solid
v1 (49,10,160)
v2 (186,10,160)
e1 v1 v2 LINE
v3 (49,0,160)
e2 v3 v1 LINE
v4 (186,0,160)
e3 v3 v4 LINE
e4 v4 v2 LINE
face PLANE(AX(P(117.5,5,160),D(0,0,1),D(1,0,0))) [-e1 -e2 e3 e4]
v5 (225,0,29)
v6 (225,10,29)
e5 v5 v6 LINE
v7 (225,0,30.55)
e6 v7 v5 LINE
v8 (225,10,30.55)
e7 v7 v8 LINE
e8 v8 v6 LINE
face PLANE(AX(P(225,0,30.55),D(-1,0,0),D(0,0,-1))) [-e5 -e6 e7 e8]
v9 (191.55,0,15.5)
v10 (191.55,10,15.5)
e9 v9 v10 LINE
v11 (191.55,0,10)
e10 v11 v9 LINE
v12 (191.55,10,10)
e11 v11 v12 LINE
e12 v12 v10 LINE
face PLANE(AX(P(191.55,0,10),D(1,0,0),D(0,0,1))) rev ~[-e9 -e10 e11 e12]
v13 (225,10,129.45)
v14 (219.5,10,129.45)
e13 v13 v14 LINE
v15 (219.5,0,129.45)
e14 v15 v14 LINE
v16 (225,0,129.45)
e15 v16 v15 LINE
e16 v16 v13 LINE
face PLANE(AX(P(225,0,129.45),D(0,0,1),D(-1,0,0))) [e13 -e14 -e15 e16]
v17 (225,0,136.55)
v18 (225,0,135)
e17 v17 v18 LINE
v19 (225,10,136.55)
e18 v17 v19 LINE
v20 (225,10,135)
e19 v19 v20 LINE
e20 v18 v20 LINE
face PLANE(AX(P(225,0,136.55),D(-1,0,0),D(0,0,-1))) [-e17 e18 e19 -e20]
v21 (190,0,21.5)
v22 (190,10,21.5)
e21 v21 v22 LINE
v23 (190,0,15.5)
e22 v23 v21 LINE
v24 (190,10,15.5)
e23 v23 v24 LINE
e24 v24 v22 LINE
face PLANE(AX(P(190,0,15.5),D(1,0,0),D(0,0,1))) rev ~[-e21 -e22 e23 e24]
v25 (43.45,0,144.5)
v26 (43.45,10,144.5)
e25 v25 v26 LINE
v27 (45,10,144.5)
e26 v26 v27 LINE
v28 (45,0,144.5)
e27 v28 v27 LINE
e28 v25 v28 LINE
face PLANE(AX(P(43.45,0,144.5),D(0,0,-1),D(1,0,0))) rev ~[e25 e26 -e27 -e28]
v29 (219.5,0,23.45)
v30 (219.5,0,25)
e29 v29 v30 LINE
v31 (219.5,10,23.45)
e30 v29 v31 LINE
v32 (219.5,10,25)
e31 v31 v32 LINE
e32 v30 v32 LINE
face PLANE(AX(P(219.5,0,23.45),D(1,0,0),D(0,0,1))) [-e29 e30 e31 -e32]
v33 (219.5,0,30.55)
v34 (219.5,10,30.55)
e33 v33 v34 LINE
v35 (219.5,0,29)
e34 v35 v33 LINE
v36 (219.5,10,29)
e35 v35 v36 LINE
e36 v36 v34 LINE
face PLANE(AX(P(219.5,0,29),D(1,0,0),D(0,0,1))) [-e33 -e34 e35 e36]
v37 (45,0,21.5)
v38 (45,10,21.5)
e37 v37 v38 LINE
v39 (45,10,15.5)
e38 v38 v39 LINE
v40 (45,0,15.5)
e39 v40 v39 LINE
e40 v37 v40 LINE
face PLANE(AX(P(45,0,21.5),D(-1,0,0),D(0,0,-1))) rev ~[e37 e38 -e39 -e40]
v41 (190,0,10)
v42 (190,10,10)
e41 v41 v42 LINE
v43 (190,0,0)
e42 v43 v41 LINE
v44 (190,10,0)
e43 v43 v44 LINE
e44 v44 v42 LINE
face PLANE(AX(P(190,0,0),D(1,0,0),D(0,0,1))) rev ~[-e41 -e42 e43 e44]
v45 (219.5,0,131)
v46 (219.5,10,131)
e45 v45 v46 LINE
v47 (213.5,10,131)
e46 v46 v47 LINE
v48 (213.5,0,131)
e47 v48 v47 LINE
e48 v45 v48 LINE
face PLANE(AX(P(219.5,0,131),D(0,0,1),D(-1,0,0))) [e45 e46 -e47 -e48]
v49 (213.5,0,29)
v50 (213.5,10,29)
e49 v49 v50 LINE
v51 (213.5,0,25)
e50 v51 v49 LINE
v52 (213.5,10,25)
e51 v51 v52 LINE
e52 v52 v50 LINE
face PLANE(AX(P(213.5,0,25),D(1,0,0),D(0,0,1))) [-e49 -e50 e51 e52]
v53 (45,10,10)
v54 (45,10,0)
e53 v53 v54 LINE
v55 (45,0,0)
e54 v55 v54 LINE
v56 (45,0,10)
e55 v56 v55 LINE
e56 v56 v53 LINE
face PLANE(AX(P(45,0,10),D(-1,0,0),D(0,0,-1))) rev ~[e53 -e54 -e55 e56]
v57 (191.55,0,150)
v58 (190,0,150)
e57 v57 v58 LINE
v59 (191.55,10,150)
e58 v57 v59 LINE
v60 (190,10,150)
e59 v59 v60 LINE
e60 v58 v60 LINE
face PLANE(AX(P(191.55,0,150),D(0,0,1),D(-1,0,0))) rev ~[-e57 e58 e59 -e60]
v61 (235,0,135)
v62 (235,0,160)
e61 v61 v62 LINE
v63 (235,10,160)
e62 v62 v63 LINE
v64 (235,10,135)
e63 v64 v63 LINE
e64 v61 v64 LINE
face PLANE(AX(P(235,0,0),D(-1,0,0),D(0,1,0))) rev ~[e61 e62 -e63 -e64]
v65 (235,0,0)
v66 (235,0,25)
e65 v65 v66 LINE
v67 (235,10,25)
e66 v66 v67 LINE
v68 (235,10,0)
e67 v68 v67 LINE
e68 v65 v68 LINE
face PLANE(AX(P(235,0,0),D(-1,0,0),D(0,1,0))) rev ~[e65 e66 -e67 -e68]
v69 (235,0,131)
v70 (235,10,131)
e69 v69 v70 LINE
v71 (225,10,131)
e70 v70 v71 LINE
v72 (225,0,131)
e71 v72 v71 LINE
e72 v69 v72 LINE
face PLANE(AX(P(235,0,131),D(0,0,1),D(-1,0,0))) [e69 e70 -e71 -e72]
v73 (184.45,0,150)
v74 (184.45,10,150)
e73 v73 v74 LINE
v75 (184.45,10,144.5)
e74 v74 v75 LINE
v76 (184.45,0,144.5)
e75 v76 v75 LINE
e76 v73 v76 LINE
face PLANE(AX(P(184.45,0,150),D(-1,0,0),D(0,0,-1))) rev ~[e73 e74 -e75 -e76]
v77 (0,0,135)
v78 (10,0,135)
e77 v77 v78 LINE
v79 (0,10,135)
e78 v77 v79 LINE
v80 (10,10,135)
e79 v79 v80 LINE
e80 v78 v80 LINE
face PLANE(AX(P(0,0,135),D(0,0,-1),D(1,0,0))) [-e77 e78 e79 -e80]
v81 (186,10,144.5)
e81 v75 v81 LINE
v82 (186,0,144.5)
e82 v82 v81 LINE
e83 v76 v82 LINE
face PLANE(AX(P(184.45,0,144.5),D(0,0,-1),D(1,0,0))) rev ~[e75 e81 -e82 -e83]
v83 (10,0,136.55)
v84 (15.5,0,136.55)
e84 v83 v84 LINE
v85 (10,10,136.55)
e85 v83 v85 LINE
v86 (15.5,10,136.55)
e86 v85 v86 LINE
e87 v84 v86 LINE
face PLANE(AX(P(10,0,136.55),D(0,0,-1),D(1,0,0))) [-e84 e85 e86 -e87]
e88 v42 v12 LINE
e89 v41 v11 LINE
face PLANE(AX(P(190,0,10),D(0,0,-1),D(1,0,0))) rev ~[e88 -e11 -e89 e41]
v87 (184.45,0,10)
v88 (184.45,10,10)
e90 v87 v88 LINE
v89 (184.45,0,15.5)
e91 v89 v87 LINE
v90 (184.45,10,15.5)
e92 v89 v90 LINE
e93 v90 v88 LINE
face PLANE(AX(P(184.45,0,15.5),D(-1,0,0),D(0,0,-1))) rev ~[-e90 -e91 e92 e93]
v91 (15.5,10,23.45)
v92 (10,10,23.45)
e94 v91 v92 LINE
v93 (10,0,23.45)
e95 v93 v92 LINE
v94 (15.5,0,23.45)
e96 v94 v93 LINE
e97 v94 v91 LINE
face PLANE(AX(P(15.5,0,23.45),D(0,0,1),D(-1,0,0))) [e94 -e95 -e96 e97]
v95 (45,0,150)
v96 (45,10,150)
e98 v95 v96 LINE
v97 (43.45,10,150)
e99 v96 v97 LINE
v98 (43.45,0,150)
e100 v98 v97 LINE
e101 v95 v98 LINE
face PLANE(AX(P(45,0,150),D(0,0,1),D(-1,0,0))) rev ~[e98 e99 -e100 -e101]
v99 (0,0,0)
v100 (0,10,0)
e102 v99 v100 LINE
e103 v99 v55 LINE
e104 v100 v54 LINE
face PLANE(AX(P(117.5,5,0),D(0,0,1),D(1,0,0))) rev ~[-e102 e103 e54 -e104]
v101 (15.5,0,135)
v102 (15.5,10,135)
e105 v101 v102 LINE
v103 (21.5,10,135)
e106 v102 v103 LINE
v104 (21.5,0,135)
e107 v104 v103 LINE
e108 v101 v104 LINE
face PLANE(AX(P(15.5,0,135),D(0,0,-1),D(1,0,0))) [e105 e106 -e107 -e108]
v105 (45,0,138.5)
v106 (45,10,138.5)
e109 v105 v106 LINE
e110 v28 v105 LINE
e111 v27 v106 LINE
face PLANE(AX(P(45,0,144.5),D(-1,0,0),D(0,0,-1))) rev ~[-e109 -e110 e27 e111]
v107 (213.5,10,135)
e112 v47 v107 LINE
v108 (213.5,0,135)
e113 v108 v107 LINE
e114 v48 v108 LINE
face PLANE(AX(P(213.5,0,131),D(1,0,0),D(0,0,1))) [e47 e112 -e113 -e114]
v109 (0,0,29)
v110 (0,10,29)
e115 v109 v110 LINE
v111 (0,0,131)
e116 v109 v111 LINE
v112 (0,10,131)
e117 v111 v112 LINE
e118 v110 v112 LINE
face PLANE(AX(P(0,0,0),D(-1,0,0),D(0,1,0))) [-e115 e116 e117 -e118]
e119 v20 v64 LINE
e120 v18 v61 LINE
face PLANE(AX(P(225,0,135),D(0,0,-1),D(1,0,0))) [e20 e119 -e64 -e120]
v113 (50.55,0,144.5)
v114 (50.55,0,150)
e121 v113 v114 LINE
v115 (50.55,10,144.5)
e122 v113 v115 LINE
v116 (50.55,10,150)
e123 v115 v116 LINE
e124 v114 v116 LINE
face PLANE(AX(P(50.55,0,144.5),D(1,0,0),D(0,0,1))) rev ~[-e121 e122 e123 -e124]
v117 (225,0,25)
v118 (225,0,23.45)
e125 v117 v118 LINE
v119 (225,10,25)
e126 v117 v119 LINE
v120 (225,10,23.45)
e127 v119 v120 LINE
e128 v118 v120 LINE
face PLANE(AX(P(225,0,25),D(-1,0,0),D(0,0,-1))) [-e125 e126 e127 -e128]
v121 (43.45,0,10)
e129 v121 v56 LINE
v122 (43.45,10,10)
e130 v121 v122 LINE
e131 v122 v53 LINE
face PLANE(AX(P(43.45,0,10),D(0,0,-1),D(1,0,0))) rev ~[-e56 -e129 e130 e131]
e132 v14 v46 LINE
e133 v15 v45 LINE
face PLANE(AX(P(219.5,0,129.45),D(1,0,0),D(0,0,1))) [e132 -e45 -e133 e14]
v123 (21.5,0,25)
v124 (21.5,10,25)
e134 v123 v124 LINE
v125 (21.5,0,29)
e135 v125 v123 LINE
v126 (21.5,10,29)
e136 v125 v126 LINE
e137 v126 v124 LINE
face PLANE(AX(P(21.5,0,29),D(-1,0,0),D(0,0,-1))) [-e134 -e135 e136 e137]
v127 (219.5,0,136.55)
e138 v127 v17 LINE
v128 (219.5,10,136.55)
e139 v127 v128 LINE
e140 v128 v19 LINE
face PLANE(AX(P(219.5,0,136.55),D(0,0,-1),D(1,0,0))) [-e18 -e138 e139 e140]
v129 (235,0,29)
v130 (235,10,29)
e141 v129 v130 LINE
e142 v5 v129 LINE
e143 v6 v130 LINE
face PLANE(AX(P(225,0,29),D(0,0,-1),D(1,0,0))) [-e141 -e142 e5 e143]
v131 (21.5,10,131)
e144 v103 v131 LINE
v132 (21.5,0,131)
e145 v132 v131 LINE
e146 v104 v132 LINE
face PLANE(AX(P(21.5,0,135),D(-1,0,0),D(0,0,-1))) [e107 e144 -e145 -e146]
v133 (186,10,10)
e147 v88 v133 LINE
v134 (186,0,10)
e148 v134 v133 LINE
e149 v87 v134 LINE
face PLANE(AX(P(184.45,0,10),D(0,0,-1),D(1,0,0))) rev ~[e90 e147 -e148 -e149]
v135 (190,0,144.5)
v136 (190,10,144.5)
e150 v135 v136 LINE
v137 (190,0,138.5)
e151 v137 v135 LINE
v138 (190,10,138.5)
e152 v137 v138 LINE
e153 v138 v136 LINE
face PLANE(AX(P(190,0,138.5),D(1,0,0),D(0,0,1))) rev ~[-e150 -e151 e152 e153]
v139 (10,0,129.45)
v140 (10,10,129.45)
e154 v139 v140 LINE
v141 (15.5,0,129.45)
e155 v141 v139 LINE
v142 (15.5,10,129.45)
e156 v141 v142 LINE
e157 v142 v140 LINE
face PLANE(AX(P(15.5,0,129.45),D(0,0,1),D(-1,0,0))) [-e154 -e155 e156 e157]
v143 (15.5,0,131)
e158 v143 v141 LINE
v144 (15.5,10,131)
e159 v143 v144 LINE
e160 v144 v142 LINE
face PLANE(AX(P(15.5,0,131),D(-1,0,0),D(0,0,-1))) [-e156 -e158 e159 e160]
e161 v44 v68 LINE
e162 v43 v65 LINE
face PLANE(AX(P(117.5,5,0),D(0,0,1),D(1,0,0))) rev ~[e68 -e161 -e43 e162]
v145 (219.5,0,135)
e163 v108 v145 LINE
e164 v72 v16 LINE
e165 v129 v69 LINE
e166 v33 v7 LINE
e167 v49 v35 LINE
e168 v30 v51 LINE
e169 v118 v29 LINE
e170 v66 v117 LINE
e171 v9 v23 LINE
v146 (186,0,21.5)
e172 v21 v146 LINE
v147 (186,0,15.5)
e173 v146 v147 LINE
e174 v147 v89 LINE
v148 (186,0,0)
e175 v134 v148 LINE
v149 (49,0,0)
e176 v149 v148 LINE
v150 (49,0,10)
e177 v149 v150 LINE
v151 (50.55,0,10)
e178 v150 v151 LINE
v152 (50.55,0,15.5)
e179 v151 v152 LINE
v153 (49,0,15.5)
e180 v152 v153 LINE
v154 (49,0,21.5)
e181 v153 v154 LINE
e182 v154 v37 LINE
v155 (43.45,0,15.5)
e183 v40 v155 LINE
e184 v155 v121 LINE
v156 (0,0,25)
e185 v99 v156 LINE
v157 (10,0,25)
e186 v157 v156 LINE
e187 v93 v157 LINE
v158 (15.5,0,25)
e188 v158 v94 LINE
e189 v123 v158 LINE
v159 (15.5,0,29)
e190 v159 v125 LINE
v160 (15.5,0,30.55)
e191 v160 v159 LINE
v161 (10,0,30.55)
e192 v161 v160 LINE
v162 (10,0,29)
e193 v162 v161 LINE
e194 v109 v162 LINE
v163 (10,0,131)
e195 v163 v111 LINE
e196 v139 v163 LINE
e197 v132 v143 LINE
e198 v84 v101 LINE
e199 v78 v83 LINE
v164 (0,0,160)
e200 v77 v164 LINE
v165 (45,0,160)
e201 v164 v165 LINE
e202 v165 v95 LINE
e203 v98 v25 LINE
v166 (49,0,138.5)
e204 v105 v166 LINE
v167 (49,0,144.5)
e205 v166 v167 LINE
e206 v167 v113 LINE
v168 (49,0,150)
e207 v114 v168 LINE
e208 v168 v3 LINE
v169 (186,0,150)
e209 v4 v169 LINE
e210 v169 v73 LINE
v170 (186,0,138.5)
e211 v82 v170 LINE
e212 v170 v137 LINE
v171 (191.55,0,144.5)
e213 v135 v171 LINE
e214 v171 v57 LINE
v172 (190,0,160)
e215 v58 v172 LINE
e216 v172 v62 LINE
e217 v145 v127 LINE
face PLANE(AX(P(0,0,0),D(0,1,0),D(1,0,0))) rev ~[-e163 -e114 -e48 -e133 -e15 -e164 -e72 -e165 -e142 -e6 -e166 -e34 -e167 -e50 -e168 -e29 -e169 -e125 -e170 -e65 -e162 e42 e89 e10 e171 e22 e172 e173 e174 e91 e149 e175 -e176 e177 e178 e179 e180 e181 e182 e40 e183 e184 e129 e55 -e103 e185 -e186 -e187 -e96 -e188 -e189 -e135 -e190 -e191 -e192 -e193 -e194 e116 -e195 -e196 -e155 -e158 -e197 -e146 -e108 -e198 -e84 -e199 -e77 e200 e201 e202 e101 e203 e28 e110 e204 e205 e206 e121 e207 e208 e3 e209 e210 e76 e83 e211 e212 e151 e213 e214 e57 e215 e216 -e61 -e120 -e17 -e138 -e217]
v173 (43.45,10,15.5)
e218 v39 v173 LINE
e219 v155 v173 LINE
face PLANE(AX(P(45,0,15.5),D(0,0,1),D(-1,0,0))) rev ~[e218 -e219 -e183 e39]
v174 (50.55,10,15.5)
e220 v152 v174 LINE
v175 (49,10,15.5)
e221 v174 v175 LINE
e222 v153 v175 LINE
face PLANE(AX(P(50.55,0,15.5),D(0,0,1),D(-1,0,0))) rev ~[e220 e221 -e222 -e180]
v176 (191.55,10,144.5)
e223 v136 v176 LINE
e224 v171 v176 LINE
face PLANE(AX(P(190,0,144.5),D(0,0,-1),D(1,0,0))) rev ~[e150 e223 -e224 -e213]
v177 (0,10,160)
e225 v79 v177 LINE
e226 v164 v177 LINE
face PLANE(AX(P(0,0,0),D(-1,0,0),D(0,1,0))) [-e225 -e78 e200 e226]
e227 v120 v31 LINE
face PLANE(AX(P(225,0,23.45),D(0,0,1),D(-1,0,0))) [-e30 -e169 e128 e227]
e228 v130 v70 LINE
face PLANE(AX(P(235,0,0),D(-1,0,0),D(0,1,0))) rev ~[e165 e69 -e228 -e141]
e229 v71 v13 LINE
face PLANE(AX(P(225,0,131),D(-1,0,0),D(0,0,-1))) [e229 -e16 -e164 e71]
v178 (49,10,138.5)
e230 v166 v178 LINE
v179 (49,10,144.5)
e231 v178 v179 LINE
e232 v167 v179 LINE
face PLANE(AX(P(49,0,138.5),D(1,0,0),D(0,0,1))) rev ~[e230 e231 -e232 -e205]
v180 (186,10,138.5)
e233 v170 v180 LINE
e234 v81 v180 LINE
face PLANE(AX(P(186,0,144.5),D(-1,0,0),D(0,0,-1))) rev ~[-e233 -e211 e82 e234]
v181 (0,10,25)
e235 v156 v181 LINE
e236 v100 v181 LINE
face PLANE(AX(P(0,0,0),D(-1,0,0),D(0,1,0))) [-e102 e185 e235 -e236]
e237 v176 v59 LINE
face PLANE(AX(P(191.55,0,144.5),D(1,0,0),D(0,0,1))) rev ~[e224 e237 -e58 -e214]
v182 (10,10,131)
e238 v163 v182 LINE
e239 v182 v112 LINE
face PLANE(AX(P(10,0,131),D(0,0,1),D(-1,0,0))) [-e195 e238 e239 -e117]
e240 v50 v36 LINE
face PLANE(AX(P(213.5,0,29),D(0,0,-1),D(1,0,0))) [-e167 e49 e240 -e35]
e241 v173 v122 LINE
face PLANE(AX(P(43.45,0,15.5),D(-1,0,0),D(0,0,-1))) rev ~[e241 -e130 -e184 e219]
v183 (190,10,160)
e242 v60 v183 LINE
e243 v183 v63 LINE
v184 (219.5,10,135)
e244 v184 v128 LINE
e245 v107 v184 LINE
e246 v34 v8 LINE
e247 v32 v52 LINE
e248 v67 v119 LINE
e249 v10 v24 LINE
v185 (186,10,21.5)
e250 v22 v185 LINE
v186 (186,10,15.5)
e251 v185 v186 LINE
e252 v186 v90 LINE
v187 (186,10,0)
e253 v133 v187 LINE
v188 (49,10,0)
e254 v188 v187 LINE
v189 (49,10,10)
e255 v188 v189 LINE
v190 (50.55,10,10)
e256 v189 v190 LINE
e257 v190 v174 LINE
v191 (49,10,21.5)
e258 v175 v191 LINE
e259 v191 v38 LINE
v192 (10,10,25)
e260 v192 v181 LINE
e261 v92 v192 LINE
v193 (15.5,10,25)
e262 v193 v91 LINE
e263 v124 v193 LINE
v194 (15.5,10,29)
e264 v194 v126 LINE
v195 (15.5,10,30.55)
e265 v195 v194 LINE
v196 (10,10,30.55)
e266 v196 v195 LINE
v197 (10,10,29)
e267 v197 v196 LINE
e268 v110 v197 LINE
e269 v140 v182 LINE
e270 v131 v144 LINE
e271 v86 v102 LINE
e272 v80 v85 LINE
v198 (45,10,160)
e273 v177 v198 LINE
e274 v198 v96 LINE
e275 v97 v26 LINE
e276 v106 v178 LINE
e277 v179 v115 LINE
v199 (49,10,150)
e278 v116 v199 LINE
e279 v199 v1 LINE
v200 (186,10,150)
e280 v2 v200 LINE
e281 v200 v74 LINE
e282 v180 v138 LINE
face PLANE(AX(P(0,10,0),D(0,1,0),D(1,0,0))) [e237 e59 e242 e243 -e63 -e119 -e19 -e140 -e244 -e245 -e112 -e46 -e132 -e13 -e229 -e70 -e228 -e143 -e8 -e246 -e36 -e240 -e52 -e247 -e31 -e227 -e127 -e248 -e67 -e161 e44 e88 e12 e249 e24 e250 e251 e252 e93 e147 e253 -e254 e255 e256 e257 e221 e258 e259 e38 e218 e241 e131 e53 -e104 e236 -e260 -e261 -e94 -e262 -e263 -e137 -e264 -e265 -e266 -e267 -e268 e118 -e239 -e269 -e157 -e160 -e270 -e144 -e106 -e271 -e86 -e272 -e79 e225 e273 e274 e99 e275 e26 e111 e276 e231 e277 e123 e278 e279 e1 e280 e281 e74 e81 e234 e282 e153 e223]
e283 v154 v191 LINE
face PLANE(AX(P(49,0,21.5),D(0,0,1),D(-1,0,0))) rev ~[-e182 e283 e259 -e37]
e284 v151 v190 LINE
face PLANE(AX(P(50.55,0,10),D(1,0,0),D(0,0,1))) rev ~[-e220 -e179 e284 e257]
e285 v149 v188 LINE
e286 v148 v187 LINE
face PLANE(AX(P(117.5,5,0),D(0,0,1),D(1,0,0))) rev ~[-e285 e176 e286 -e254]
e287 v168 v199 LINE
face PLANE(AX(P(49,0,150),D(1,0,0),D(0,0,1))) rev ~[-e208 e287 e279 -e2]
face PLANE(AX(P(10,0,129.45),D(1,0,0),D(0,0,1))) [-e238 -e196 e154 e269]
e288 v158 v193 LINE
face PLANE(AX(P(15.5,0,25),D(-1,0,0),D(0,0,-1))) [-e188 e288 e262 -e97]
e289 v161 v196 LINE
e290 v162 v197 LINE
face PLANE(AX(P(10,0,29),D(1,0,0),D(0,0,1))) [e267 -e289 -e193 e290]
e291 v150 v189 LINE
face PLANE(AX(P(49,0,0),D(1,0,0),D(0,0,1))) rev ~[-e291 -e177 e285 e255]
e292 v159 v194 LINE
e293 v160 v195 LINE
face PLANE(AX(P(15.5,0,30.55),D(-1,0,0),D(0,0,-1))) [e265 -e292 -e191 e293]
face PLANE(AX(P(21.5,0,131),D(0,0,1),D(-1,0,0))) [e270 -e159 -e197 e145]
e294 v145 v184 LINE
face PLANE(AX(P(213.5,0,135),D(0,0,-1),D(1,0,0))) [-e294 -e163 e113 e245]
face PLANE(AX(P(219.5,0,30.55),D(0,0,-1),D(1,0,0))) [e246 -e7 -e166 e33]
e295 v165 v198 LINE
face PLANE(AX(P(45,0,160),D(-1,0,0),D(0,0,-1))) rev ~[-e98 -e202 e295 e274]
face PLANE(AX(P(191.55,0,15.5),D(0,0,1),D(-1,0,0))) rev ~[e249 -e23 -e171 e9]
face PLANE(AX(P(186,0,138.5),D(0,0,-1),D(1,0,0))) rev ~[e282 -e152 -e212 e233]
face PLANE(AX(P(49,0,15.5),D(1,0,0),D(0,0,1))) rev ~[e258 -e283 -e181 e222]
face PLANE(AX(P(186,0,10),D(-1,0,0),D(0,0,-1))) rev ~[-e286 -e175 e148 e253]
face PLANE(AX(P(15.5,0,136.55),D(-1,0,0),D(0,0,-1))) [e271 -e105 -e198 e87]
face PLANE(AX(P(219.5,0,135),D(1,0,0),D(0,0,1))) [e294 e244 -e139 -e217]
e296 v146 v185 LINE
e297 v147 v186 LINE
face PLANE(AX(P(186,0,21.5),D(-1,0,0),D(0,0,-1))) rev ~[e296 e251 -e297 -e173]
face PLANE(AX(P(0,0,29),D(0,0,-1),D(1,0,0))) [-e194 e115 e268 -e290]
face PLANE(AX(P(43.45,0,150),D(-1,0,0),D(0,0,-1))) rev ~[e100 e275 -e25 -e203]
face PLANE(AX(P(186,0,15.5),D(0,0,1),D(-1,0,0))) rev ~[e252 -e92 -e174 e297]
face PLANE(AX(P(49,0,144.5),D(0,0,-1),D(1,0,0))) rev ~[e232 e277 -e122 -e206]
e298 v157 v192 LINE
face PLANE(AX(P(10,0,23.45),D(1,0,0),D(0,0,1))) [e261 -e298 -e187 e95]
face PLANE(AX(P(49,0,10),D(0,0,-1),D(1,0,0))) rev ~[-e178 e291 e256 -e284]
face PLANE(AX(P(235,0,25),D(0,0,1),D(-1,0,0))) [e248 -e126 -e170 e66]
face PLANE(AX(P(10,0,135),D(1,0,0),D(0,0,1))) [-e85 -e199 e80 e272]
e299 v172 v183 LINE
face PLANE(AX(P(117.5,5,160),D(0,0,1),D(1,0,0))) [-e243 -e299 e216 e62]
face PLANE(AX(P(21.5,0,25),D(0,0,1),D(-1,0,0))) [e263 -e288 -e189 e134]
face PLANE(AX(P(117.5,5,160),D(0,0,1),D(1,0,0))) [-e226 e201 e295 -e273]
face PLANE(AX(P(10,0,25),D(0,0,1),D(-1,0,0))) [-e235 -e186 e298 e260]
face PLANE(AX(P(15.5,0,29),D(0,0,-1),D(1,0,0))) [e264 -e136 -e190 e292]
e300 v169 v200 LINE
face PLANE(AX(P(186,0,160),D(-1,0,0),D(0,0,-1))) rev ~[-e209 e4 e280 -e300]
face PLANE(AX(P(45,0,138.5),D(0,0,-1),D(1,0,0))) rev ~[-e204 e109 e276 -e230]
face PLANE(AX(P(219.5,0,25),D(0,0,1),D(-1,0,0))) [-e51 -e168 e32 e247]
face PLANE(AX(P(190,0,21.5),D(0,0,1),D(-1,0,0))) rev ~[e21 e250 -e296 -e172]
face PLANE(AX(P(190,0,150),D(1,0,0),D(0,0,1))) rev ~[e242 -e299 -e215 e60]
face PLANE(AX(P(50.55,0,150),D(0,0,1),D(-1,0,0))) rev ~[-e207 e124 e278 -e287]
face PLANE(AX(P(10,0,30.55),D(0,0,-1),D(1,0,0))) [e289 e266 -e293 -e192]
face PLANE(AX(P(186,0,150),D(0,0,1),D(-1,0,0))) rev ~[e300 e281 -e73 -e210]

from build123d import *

# Parameters (mm, degrees)
SKETCH1_W               = 235
SKETCH1_H               = 10
BOSS_EXTRUDE1_DEPTH     = 160
ENL_V_MAT_EXTRU_2_DEPTH = 10
ENL_V_MAT_EXTRU_3_DEPTH = 10


with BuildPart() as part:
    # Sketch1 → Boss-Extrude1 (new body)
    with BuildSketch(Plane.XY):
        with Locations((117.5, 5)):
            Rectangle(SKETCH1_W, SKETCH1_H)
    extrude(amount=BOSS_EXTRUDE1_DEPTH)

    # Esquisse2 → Enlèv. mat.-Extru.2 (cut)
    with BuildSketch(Plane.XZ):
        Polygon((0, 135), (10, 135), (10, 136.55), (15.5, 136.55), (15.5, 135), (21.5, 135), (21.5, 131), (15.5, 131), (15.5, 129.45), (10, 129.45), (10, 131), (0, 131), align=None)
        Polygon((0, 29), (10, 29), (10, 30.55), (15.5, 30.55), (15.5, 29), (21.5, 29), (21.5, 25), (15.5, 25), (15.5, 23.45), (10, 23.45), (10, 25), (0, 25), align=None)
        Polygon((235, 25), (225, 25), (225, 23.45), (219.5, 23.45), (219.5, 25), (213.5, 25), (213.5, 29), (219.5, 29), (219.5, 30.55), (225, 30.55), (225, 29), (235, 29), align=None)
        Polygon((235, 131), (225, 131), (225, 129.45), (219.5, 129.45), (219.5, 131), (213.5, 131), (213.5, 135), (219.5, 135), (219.5, 136.55), (225, 136.55), (225, 135), (235, 135), align=None)
    extrude(amount=-ENL_V_MAT_EXTRU_2_DEPTH, mode=Mode.SUBTRACT)

    # Esquisse3 → Enlèv. mat.-Extru.3 (cut)
    with BuildSketch(Plane.XZ):
        Polygon((45, 160), (45, 150), (43.45, 150), (43.45, 144.5), (45, 144.5), (45, 138.5), (49, 138.5), (49, 144.5), (50.55, 144.5), (50.55, 150), (49, 150), (49, 160), align=None)
        Polygon((186, 160), (186, 150), (184.45, 150), (184.45, 144.5), (186, 144.5), (186, 138.5), (190, 138.5), (190, 144.5), (191.55, 144.5), (191.55, 150), (190, 150), (190, 160), align=None)
        Polygon((190, 0), (190, 10), (191.55, 10), (191.55, 15.5), (190, 15.5), (190, 21.5), (186, 21.5), (186, 15.5), (184.45, 15.5), (184.45, 10), (186, 10), (186, 0), align=None)
        Polygon((49, 0), (49, 10), (50.55, 10), (50.55, 15.5), (49, 15.5), (49, 21.5), (45, 21.5), (45, 15.5), (43.45, 15.5), (43.45, 10), (45, 10), (45, 0), align=None)
    extrude(amount=-ENL_V_MAT_EXTRU_3_DEPTH, mode=Mode.SUBTRACT)


solid = part.part
